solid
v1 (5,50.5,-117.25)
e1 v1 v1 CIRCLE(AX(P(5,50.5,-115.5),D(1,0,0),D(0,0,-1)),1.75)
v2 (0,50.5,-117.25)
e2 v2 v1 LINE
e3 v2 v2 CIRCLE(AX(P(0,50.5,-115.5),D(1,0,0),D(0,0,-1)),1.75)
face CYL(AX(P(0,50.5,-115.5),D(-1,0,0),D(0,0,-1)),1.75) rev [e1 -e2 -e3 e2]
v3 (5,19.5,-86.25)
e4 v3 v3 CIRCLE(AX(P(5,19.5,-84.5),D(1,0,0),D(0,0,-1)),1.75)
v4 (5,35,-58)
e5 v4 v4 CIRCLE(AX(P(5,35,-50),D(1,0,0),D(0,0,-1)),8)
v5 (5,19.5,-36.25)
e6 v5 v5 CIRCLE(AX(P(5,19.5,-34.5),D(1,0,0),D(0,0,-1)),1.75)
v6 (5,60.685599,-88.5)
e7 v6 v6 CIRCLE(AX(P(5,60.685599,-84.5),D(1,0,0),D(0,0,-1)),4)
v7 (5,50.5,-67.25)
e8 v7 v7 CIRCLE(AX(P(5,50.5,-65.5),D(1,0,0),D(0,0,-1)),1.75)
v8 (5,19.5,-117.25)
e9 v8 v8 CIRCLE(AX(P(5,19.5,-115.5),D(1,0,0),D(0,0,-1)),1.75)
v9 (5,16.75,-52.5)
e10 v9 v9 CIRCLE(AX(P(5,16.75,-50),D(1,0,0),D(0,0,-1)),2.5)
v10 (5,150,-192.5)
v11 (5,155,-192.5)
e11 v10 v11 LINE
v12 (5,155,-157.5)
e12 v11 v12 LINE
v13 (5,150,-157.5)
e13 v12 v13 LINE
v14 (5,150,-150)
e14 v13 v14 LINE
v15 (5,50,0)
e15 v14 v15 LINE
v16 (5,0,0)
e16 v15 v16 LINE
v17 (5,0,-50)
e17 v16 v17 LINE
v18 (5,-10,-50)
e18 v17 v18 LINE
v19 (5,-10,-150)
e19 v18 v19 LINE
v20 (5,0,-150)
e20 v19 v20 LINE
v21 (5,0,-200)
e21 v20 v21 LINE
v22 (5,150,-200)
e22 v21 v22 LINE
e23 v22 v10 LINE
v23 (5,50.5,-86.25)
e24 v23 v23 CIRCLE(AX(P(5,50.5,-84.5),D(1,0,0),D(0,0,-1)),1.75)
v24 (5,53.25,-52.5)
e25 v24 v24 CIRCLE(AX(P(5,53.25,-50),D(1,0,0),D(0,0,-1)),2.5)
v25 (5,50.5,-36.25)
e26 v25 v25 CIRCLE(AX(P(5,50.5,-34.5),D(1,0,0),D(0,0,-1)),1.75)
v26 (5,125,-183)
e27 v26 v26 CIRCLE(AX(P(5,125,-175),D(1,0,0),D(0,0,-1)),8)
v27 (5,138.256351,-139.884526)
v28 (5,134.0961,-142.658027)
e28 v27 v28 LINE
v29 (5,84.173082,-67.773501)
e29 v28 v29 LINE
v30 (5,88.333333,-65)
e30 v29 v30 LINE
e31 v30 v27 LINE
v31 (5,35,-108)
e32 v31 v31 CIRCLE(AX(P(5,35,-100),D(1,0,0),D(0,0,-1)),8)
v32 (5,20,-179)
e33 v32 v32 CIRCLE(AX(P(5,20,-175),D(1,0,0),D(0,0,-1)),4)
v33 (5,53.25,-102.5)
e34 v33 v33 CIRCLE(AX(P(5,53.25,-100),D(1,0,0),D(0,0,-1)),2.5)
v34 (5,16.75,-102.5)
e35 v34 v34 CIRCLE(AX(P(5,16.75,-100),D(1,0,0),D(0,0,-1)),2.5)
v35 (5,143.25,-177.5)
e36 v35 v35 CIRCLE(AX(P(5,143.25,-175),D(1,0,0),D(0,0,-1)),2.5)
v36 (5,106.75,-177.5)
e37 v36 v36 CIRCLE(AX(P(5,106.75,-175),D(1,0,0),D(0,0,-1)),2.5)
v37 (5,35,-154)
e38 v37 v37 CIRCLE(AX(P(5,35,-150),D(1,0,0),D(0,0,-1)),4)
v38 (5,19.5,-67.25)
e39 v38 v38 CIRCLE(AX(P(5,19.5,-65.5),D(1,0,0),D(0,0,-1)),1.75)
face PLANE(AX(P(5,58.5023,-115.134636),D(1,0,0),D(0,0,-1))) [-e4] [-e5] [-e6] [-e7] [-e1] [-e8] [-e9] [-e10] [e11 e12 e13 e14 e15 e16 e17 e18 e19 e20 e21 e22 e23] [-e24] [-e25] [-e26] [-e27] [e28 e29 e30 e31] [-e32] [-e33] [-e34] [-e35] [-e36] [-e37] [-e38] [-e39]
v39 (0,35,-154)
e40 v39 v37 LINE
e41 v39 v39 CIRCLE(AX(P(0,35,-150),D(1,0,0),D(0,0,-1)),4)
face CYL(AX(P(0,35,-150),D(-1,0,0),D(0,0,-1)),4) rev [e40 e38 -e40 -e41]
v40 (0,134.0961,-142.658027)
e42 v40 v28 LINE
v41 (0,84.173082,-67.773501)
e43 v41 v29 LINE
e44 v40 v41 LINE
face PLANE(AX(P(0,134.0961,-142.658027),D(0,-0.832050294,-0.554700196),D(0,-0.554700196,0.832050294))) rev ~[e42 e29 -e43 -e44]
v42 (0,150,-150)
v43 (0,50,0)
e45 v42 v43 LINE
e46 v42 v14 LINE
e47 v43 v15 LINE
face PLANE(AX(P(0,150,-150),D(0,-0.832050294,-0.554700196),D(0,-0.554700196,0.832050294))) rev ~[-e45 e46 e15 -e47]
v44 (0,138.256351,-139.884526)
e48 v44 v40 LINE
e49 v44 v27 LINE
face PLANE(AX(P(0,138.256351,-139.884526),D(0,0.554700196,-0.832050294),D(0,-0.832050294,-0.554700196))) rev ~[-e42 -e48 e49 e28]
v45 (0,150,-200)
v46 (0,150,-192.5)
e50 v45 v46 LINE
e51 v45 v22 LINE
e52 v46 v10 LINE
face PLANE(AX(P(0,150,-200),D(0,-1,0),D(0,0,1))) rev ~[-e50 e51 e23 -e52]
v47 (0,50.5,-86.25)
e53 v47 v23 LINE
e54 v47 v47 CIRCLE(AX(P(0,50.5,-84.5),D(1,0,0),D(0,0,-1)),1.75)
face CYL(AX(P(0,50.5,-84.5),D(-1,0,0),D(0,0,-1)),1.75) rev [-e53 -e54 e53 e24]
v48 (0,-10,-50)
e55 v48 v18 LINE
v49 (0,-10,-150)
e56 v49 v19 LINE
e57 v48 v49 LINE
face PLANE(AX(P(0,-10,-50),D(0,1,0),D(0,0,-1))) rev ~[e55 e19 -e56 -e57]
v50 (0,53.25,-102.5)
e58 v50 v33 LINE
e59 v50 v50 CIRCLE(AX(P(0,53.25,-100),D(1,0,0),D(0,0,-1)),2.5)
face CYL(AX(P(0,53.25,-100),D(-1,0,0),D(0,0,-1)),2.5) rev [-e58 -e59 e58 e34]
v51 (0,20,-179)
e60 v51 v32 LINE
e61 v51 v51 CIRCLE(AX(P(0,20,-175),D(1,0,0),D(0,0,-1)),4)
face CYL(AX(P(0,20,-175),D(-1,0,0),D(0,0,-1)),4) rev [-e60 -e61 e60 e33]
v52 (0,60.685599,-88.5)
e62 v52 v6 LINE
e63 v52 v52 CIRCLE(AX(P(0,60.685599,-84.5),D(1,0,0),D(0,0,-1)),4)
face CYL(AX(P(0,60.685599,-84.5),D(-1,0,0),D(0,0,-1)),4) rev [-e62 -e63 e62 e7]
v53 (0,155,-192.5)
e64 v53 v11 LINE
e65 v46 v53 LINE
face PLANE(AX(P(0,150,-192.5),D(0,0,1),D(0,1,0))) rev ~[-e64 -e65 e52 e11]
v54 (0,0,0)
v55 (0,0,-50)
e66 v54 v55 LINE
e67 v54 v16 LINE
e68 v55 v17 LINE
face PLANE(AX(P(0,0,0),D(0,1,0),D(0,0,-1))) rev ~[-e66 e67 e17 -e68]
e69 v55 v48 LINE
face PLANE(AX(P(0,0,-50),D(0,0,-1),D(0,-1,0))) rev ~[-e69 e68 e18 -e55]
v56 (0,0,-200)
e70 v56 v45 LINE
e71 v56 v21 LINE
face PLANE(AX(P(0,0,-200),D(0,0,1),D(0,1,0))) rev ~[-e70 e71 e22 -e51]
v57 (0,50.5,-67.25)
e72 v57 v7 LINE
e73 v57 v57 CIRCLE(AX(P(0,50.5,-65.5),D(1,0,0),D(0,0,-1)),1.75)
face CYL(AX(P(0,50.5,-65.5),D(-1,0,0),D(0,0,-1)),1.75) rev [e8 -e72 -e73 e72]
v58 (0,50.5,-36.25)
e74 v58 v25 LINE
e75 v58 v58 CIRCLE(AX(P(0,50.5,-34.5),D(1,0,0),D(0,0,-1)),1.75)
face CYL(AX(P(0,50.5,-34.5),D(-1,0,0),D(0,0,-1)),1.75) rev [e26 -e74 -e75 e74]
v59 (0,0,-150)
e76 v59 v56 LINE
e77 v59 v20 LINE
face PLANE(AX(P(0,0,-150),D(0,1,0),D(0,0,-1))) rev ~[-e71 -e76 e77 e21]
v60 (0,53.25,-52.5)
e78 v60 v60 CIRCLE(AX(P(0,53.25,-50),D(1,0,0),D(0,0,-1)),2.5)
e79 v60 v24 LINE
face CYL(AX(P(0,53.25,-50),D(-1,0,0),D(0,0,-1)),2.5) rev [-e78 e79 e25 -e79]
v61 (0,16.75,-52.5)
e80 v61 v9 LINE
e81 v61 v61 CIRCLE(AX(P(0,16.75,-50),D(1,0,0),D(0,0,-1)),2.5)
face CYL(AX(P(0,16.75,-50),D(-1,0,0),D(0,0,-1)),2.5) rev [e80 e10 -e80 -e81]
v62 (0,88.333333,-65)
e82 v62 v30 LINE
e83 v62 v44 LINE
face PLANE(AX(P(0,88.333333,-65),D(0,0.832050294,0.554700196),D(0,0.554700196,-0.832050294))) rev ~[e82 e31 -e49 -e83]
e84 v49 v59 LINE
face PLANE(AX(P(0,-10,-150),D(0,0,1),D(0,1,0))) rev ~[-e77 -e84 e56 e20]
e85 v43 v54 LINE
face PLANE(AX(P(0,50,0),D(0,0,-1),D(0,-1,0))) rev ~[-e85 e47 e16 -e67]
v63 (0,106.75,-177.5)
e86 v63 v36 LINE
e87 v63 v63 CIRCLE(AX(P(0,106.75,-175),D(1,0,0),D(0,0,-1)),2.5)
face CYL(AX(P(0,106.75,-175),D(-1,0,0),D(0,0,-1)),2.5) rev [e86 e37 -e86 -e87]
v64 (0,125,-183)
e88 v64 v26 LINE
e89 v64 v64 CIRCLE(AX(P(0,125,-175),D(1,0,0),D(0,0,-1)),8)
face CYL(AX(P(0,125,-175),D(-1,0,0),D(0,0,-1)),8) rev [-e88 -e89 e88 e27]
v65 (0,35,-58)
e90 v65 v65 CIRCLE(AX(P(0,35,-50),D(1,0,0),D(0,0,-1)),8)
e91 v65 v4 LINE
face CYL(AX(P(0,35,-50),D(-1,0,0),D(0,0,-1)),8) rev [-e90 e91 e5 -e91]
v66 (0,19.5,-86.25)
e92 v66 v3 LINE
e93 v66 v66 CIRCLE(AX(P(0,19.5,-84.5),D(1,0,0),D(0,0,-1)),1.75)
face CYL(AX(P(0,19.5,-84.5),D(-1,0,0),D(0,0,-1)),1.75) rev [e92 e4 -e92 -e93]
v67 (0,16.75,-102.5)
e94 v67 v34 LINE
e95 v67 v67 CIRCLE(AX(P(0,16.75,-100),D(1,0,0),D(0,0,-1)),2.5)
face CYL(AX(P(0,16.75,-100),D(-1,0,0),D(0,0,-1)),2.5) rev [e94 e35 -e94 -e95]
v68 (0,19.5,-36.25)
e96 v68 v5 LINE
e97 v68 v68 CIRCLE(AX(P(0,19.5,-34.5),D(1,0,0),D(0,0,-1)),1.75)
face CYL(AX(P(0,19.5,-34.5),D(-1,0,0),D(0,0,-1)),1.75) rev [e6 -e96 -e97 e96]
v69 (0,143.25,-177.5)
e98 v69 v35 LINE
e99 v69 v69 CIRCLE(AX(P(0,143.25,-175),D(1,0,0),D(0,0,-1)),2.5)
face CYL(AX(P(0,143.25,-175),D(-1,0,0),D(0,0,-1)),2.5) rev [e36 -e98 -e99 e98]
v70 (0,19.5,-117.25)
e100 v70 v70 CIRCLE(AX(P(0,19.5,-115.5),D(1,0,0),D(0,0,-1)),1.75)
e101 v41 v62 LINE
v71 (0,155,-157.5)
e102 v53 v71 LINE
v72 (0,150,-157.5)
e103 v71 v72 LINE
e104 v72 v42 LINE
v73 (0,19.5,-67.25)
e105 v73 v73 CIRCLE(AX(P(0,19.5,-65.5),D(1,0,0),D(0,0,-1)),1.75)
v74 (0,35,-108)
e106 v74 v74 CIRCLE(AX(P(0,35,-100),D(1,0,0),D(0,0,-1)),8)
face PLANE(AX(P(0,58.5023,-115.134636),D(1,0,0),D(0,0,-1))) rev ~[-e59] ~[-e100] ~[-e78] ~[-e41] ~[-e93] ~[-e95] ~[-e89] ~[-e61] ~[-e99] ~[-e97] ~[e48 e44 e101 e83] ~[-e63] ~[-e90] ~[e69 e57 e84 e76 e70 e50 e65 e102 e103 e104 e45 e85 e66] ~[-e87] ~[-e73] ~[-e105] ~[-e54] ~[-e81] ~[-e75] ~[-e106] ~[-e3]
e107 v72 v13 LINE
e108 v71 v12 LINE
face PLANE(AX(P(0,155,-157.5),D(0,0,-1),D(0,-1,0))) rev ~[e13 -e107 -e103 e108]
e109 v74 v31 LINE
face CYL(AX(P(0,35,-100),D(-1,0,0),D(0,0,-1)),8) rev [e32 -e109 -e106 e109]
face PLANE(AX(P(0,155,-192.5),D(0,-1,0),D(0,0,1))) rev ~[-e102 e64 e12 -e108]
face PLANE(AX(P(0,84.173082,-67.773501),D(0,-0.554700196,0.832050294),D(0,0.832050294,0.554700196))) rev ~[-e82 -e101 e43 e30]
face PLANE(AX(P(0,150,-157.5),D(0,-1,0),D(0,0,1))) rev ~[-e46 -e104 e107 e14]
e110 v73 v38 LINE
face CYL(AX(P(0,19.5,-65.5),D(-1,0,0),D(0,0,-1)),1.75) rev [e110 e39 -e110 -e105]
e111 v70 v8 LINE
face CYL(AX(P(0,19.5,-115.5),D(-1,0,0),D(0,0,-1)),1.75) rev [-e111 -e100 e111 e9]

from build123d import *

# Parameters (mm, degrees)
CROQUIS1_R              = 8
CROQUIS1_R_2            = 4
CROQUIS1_R_3            = 2.5
CROQUIS1_R_4            = 1.75
SALIENTE_EXTRUIR1_DEPTH = 5


with BuildPart() as part:
    # Croquis1 → Saliente-Extruir1 (new body)
    with BuildSketch(Plane(origin=(0, 0, 0), x_dir=(0, 0, -1), z_dir=(1, 0, 0))):
        Polygon((150, 150), (0, 50), (0, 0), (50, 0), (50, -10), (150, -10), (150, 0), (200, 0), (200, 150), (192.5, 150), (192.5, 155), (157.5, 155), (157.5, 150), align=None)
        with Locations((175, 125)):
            Circle(CROQUIS1_R, mode=Mode.SUBTRACT)
        with Locations((175, 20)):
            Circle(CROQUIS1_R_2, mode=Mode.SUBTRACT)
        with Locations((150, 35)):
            Circle(CROQUIS1_R_2, mode=Mode.SUBTRACT)
        with Locations((175, 143.25)):
            Circle(CROQUIS1_R_3, mode=Mode.SUBTRACT)
        with Locations((175, 106.75)):
            Circle(CROQUIS1_R_3, mode=Mode.SUBTRACT)
        with Locations((100, 35)):
            Circle(CROQUIS1_R, mode=Mode.SUBTRACT)
        with Locations((84.5, 60.685599078)):
            Circle(CROQUIS1_R_2, mode=Mode.SUBTRACT)
        with Locations((100, 53.25)):
            Circle(CROQUIS1_R_3, mode=Mode.SUBTRACT)
        with Locations((100, 16.75)):
            Circle(CROQUIS1_R_3, mode=Mode.SUBTRACT)
        with Locations((84.5, 50.5)):
            Circle(CROQUIS1_R_4, mode=Mode.SUBTRACT)
        with Locations((115.5, 50.5)):
            Circle(CROQUIS1_R_4, mode=Mode.SUBTRACT)
        with Locations((115.5, 19.5)):
            Circle(CROQUIS1_R_4, mode=Mode.SUBTRACT)
        with Locations((84.5, 19.5)):
            Circle(CROQUIS1_R_4, mode=Mode.SUBTRACT)
        with Locations((50, 35)):
            Circle(CROQUIS1_R, mode=Mode.SUBTRACT)
        with Locations((50, 53.25)):
            Circle(CROQUIS1_R_3, mode=Mode.SUBTRACT)
        with Locations((50, 16.75)):
            Circle(CROQUIS1_R_3, mode=Mode.SUBTRACT)
        with Locations((34.5, 50.5)):
            Circle(CROQUIS1_R_4, mode=Mode.SUBTRACT)
        with Locations((65.5, 50.5)):
            Circle(CROQUIS1_R_4, mode=Mode.SUBTRACT)
        with Locations((65.5, 19.5)):
            Circle(CROQUIS1_R_4, mode=Mode.SUBTRACT)
        with Locations((34.5, 19.5)):
            Circle(CROQUIS1_R_4, mode=Mode.SUBTRACT)
        Polygon((65, 88.333333333), (139.88452649, 138.256350994), (142.658027472, 134.096099522), (67.773500981, 84.173081862), align=None, mode=Mode.SUBTRACT)
    extrude(amount=SALIENTE_EXTRUIR1_DEPTH)


solid = part.part
